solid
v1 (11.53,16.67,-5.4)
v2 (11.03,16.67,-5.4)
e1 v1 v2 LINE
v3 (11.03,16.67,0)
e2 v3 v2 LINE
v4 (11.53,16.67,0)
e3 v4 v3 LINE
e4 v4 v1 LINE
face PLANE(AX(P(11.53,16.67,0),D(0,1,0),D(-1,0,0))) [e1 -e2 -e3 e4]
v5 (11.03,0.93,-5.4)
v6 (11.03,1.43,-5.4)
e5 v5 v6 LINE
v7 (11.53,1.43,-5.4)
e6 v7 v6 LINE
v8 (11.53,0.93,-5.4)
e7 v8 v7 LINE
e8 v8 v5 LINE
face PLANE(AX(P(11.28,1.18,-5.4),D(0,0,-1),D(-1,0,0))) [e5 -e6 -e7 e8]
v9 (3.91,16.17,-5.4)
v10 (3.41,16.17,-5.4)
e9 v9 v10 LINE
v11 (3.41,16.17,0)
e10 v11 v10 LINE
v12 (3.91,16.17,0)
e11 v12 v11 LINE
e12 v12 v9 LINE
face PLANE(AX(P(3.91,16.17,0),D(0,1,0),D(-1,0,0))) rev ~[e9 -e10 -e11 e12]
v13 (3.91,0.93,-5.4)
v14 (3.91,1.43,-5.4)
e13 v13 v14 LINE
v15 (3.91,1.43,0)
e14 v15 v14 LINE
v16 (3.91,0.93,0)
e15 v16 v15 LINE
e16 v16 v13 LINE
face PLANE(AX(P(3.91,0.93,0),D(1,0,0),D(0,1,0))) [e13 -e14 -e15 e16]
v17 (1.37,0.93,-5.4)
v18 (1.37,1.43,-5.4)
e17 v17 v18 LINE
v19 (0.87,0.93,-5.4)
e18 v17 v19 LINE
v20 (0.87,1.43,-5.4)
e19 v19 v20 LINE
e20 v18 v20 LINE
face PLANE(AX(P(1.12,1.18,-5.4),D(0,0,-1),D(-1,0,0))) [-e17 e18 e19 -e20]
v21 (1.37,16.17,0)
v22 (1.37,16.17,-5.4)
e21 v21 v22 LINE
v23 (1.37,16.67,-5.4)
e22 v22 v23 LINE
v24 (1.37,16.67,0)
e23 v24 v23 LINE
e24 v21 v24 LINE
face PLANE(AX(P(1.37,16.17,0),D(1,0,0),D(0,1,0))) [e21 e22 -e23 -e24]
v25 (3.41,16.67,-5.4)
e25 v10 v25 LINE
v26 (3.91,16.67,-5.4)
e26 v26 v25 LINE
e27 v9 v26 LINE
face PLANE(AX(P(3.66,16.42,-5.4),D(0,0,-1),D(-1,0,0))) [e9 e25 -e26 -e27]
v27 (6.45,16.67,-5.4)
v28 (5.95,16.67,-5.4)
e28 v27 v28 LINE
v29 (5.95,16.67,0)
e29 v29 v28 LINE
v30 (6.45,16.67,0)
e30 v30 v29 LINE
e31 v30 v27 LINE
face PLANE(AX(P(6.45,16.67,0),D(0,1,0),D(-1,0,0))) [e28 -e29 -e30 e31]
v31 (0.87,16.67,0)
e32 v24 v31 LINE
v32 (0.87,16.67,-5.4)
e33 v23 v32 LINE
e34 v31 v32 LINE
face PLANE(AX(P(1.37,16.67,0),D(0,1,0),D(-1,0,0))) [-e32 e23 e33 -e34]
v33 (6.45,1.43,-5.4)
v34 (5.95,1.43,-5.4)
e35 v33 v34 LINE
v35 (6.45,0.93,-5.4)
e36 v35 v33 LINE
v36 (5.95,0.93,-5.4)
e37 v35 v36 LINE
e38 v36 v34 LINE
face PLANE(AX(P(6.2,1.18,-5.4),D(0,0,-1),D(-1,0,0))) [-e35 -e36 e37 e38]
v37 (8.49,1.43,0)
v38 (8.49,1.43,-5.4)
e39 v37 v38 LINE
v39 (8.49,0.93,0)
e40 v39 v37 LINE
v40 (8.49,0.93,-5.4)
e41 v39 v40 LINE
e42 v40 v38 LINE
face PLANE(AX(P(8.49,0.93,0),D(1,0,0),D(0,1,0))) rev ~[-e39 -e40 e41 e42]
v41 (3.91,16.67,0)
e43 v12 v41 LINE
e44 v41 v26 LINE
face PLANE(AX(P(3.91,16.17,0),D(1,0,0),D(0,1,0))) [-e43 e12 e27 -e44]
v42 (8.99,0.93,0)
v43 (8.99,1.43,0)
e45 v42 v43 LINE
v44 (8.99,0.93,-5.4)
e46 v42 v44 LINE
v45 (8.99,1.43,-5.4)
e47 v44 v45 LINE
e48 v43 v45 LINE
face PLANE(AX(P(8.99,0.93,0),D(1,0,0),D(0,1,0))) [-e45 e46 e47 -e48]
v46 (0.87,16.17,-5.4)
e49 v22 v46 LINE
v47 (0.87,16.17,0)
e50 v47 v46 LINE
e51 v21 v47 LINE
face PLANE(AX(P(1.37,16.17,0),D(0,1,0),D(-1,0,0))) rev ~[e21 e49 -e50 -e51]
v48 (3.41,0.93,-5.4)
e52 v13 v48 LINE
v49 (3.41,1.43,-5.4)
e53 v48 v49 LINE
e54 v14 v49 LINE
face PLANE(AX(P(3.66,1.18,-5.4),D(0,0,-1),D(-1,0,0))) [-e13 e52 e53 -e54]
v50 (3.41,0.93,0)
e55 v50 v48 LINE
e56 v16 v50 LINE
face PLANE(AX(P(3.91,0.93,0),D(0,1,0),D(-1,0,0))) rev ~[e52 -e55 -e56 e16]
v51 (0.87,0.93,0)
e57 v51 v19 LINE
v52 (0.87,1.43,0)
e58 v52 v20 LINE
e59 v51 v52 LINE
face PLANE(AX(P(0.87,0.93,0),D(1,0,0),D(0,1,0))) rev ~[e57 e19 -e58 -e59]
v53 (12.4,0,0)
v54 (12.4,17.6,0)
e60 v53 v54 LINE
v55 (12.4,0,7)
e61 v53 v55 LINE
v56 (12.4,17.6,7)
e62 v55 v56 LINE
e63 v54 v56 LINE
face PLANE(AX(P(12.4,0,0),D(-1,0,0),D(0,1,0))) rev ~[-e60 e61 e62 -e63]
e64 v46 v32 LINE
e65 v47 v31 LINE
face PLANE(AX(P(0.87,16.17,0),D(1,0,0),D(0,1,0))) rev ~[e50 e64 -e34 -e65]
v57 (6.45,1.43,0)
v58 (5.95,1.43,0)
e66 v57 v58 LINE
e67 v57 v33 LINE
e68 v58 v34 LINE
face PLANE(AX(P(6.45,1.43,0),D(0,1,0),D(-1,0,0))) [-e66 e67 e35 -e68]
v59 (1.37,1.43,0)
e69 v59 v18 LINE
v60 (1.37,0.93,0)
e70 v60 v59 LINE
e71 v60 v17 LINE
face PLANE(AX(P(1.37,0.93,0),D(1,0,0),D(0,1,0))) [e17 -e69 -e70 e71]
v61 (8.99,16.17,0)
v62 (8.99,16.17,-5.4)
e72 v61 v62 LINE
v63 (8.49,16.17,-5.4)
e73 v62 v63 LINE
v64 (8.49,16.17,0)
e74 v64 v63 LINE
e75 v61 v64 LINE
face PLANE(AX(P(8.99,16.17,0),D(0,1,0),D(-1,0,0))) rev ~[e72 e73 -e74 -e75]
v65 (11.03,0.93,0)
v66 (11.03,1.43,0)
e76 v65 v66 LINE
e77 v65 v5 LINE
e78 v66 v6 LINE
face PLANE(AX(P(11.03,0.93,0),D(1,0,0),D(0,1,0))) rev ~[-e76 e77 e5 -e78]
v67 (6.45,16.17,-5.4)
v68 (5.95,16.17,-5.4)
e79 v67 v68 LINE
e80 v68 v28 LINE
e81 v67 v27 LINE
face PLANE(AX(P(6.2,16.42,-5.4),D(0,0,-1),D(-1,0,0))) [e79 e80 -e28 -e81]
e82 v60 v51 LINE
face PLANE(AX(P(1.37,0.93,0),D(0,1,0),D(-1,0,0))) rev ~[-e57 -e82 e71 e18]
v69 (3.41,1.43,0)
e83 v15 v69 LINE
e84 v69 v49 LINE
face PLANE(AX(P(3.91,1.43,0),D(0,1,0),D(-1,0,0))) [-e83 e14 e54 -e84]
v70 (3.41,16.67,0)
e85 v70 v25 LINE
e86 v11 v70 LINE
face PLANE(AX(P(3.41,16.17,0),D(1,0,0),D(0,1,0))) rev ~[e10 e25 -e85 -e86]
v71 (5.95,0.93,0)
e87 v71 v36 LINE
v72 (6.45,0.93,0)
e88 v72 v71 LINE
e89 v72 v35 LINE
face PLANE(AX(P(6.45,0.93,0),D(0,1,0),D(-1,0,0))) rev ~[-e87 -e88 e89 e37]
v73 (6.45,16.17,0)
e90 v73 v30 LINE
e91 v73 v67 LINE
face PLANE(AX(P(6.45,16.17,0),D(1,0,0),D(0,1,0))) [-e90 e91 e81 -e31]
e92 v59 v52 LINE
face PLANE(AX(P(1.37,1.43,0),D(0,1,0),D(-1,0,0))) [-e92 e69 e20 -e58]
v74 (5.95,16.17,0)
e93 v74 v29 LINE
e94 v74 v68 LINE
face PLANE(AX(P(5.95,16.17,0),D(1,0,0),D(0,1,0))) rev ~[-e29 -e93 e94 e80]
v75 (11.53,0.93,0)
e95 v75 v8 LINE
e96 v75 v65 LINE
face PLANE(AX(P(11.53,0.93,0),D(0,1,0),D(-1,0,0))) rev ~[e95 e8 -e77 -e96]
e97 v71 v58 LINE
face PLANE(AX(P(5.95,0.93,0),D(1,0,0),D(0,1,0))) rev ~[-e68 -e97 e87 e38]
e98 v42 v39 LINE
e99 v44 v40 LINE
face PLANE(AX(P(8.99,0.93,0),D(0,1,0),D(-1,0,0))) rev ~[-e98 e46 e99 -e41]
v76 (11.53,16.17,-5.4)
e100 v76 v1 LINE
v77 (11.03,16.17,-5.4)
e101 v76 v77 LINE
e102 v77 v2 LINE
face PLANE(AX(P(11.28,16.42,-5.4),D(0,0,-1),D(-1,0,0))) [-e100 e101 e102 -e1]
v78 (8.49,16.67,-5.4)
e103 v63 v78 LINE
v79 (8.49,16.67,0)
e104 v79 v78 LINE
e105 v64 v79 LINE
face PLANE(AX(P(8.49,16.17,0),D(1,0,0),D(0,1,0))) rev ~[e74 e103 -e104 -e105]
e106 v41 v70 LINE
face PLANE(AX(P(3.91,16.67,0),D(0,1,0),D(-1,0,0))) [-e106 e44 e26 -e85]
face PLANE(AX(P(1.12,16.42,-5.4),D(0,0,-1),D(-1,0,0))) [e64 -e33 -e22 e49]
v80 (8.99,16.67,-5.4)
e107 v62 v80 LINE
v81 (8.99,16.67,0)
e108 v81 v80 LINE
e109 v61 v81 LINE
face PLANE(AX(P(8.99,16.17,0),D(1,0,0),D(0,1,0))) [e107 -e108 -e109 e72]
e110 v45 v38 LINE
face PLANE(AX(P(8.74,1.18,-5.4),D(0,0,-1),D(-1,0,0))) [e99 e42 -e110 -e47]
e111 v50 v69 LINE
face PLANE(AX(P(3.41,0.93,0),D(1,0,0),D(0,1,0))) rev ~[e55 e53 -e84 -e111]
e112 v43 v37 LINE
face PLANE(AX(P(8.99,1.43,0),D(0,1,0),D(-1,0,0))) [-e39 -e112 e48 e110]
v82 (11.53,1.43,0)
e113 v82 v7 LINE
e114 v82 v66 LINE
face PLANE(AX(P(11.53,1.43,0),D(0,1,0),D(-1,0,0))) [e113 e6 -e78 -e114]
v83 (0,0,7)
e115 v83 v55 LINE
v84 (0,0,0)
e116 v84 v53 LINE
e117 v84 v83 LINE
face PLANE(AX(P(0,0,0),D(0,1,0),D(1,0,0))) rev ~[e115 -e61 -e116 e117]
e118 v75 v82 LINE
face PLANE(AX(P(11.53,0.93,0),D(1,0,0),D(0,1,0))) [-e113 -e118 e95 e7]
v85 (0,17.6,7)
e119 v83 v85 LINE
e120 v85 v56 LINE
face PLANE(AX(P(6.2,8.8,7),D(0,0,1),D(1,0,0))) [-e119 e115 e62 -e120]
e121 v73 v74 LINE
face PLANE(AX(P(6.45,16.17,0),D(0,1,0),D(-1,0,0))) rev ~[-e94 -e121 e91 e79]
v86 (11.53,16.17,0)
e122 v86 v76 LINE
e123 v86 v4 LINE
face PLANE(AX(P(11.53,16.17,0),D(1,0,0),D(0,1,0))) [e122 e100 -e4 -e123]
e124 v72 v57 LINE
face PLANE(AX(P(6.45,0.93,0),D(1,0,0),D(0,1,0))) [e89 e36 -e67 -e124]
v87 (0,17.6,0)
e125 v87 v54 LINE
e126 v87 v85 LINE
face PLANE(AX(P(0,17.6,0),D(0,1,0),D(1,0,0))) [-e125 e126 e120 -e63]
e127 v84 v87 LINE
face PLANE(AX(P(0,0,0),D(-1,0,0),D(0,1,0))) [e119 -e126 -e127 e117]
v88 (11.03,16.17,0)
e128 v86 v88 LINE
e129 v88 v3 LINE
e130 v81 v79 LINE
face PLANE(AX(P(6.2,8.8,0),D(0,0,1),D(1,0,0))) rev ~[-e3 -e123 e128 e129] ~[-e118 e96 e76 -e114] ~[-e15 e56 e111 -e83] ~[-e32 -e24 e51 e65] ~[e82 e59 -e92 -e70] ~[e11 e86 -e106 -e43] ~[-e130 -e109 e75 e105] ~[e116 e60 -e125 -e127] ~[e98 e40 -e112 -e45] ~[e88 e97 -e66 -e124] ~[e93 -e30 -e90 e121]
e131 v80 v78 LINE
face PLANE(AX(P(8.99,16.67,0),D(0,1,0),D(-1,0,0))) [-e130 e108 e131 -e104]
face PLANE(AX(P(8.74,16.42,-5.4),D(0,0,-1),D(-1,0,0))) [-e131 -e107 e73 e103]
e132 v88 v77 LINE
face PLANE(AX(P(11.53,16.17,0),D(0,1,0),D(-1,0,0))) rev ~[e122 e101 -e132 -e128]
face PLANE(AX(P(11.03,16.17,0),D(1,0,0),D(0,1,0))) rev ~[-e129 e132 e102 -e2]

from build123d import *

# Parameters (mm, degrees)
ESQUISSE1_W                    = 12.4
ESQUISSE1_H                    = 17.6
BOSS_EXTRU_1_DEPTH             = 7
ESQUISSE2_W                    = 0.5
ESQUISSE2_H                    = 0.5
BOSS_EXTRU_2_DEPTH             = 5.4
R_P_TITION_LIN_AIRE1_COUNT     = 3
R_P_TITION_LIN_AIRE1_PITCH     = 2.54
R_P_TITION_LIN_AIRE1_COL_COUNT = 3
R_P_TITION_LIN_AIRE1_COL_PITCH = 2.54


with BuildPart() as part:
    # Esquisse1 → Boss.-Extru.1 (new body)
    with BuildSketch(Plane.XY):
        with Locations((6.2, 8.8)):
            Rectangle(ESQUISSE1_W, ESQUISSE1_H)
    extrude(amount=BOSS_EXTRU_1_DEPTH)

    # Esquisse2 → Boss.-Extru.2 (add)
    with BuildSketch(Plane(origin=(0, 0, 0), x_dir=(-1, 0, 0), z_dir=(0, 0, -1))):
        with Locations((-6.2, 1.18)):
            Rectangle(ESQUISSE2_W, ESQUISSE2_H)
        with Locations((-6.2, 16.42)):
            Rectangle(ESQUISSE2_W, ESQUISSE2_H)
    boss_extru_2 = extrude(amount=BOSS_EXTRU_2_DEPTH)

    # Répétition linéaire1: Boss.-Extru.2 ×3
    with Locations(*[(i * R_P_TITION_LIN_AIRE1_PITCH, 0, 0) for i in range(1, R_P_TITION_LIN_AIRE1_COUNT)]):
        add(boss_extru_2)

    # Répétition linéaire1 col: Boss.-Extru.2 ×3
    with Locations(*[(-i * R_P_TITION_LIN_AIRE1_COL_PITCH, 0, 0) for i in range(1, R_P_TITION_LIN_AIRE1_COL_COUNT)]):
        add(boss_extru_2)


solid = part.part
